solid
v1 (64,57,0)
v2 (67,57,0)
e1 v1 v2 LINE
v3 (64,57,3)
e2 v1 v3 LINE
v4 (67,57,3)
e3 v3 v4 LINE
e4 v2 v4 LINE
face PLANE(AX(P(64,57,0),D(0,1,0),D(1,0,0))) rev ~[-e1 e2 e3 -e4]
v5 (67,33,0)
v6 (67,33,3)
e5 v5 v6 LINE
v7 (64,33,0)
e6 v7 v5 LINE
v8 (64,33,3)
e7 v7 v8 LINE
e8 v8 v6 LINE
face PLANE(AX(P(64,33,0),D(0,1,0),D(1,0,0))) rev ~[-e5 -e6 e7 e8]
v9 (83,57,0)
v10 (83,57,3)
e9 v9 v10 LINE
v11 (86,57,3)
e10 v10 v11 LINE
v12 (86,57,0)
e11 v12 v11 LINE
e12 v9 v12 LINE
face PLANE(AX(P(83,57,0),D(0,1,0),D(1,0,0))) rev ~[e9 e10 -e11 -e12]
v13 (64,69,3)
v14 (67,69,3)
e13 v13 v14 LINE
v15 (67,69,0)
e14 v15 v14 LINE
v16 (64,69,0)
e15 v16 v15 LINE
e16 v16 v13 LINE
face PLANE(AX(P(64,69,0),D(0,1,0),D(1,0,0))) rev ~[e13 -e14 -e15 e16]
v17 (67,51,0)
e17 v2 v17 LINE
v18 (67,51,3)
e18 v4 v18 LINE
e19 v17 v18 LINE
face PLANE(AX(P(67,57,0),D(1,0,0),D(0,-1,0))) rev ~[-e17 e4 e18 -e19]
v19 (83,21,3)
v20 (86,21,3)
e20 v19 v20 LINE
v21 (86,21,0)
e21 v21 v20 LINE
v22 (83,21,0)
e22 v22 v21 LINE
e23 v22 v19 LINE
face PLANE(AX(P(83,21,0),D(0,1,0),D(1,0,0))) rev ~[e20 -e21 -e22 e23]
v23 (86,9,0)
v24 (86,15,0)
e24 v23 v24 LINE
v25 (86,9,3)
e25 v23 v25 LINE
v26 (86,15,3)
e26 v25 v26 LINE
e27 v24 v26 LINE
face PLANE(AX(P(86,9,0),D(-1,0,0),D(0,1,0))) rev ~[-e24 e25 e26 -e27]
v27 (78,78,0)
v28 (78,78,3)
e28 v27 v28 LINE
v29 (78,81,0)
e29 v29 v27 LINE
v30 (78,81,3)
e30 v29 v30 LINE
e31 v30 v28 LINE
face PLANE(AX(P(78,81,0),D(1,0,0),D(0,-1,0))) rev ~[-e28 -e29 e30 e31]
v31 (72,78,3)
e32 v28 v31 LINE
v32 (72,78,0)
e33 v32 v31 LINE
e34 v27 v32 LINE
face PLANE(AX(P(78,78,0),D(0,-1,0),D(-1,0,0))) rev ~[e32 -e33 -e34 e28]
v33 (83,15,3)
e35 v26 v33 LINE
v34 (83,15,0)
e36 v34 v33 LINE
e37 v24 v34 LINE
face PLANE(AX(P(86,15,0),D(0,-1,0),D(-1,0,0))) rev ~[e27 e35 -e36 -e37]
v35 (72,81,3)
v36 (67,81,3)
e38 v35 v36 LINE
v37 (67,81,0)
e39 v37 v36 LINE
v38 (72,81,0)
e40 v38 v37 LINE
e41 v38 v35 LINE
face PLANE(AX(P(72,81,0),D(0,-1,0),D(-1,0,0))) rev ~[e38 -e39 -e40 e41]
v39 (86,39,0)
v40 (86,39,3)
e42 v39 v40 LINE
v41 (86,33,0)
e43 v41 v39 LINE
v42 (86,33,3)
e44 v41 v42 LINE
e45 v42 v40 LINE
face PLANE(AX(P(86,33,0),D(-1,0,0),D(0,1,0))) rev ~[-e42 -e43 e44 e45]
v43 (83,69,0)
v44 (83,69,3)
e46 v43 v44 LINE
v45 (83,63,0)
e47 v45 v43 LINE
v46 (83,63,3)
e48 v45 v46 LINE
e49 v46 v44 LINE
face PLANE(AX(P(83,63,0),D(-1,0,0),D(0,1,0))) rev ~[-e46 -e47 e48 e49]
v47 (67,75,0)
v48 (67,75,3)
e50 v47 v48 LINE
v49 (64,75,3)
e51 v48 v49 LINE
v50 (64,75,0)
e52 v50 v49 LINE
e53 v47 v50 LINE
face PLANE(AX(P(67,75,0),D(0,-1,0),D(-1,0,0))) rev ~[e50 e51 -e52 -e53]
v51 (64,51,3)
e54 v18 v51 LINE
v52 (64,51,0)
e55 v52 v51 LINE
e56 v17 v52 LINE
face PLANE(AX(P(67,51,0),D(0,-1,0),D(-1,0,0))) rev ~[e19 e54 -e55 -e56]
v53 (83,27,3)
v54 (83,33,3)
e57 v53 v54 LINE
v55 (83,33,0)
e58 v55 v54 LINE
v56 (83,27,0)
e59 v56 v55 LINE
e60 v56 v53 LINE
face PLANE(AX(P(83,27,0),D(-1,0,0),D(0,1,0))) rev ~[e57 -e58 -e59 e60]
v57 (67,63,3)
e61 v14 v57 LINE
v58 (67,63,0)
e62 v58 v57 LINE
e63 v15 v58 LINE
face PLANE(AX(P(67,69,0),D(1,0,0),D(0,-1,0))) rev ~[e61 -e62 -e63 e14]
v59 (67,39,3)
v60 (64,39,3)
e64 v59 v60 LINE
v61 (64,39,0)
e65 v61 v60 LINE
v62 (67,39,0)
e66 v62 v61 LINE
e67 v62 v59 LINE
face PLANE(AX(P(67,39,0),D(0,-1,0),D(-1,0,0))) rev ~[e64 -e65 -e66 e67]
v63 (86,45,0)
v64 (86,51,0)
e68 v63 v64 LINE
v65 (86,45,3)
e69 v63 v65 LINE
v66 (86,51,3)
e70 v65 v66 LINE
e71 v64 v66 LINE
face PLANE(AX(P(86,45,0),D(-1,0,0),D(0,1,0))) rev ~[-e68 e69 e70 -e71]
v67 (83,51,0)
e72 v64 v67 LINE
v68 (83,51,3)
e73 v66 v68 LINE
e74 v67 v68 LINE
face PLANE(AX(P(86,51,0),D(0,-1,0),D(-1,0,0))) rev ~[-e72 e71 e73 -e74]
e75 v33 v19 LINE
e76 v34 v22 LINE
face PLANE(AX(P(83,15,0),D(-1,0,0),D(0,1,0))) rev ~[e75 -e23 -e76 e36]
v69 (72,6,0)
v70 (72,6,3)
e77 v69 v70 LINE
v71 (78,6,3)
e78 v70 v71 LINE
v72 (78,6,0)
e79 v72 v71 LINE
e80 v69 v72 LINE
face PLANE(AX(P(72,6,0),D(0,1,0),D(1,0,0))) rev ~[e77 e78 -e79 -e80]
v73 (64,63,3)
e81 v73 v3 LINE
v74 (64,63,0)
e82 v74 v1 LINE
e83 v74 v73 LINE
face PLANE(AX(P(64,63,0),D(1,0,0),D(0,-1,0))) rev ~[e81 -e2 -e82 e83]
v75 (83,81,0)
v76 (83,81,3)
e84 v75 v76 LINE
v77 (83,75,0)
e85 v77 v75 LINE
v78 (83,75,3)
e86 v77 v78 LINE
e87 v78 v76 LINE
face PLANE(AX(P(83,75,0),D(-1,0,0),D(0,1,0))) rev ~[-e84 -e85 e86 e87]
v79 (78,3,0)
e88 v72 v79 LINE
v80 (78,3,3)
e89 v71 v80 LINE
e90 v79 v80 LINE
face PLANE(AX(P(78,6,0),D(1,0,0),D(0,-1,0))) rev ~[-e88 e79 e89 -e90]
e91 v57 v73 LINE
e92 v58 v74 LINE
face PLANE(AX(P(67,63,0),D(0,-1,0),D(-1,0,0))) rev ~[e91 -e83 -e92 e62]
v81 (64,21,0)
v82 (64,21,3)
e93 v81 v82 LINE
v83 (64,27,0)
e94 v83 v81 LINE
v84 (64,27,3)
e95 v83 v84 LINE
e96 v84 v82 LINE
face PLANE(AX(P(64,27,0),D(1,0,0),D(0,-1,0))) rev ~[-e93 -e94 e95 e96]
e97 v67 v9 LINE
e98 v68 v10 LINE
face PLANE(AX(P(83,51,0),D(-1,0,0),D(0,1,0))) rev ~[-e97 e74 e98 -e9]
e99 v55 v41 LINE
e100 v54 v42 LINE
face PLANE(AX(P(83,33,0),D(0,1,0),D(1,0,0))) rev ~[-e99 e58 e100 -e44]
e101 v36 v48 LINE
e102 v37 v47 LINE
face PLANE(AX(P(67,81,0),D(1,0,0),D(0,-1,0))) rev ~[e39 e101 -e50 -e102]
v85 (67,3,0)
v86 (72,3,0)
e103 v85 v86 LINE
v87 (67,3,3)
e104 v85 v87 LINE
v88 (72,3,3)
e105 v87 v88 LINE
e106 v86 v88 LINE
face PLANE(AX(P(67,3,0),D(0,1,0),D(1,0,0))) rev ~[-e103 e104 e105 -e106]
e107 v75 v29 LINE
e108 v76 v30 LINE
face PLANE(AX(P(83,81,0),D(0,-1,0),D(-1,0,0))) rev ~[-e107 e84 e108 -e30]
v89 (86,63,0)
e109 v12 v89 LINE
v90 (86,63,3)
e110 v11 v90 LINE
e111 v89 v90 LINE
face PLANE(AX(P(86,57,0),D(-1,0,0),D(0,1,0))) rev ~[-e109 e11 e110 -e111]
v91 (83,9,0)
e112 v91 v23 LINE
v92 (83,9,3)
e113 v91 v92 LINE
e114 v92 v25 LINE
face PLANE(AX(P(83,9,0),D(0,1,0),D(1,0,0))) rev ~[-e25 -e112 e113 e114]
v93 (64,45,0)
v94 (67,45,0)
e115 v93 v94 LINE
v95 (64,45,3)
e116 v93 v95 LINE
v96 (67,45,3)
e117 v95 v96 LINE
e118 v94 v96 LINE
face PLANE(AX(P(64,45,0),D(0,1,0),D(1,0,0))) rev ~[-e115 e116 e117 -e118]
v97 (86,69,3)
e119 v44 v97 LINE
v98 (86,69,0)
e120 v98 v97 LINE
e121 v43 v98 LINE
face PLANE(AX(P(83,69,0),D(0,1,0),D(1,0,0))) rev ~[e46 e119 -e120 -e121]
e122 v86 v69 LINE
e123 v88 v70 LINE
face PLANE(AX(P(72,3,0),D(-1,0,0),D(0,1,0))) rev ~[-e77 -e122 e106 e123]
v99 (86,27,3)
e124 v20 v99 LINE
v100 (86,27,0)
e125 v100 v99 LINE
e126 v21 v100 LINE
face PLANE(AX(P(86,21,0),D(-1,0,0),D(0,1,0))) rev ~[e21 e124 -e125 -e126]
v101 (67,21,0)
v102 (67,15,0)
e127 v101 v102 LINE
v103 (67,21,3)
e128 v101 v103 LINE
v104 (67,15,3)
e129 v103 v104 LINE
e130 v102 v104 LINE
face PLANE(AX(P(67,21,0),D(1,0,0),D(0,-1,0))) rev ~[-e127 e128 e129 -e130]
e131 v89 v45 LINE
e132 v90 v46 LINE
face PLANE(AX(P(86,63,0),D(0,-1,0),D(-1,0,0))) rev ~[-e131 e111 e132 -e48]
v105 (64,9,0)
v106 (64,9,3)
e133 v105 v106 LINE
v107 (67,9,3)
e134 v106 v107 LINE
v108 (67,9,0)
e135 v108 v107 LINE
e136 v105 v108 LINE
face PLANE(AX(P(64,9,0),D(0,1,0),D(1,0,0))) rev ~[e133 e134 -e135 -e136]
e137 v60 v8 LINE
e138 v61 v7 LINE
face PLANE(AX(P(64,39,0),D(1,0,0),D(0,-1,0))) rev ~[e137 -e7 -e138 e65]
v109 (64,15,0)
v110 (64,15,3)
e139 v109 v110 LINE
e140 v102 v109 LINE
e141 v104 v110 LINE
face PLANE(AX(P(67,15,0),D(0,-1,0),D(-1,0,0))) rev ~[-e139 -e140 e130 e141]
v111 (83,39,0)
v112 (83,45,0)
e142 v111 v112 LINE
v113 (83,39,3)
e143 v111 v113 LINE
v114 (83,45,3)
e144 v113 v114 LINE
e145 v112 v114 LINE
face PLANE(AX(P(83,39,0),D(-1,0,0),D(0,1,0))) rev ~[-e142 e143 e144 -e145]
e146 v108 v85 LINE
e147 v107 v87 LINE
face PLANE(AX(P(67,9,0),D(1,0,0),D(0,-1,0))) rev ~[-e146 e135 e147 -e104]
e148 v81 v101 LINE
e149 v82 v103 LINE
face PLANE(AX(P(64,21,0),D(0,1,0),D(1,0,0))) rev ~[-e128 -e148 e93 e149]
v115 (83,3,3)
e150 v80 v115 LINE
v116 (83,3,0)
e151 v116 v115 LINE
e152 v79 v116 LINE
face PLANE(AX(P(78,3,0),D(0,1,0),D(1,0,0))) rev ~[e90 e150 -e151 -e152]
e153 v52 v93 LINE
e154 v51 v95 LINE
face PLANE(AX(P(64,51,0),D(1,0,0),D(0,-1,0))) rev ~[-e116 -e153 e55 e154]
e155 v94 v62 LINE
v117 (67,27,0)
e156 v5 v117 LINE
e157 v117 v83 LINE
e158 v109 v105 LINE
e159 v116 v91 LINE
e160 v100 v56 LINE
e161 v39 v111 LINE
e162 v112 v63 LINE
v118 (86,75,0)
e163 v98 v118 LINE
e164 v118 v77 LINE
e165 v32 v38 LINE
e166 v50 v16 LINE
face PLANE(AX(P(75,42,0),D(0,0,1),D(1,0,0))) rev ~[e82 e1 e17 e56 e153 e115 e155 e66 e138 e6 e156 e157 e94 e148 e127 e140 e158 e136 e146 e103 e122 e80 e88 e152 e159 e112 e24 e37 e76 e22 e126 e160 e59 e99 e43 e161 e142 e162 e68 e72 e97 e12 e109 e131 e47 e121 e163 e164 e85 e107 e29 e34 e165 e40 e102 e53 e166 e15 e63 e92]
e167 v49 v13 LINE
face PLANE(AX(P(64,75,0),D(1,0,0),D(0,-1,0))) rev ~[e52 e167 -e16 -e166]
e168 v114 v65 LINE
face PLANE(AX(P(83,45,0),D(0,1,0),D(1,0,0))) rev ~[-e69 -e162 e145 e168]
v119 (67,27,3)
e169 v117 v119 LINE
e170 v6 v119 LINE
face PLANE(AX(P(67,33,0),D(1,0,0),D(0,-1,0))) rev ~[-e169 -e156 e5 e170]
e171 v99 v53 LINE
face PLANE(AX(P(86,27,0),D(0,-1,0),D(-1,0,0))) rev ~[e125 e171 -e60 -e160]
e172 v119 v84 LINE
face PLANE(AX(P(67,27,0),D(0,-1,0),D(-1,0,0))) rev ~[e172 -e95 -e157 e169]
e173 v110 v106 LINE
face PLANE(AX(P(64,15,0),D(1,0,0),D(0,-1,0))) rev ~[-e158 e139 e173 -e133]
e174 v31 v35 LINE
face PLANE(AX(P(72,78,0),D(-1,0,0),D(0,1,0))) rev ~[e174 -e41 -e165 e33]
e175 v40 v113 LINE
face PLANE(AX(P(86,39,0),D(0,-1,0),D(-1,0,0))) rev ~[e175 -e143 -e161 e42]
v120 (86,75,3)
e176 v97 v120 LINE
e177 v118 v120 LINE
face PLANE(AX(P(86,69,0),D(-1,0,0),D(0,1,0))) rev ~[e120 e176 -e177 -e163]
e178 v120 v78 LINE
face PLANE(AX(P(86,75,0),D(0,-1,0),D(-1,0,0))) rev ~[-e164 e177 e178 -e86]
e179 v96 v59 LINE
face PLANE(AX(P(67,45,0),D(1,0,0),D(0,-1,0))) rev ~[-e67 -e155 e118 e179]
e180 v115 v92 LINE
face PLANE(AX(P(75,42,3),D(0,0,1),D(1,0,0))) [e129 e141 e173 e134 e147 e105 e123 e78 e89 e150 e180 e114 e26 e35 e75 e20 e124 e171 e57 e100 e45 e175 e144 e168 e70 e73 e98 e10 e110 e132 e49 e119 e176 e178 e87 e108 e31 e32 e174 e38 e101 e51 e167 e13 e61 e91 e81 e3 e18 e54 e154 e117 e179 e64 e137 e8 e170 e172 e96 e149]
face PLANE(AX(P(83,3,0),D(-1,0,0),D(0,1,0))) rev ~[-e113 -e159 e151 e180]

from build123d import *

# Parameters (mm, degrees)
EXTRUDE_1_DEPTH = 3


with BuildPart() as part:
    # 草图2 → 凸台-拉伸1 (new body)
    with BuildSketch(Plane.XY):
        Polygon((67, 81), (67, 75), (64, 75), (64, 69), (67, 69), (67, 63), (64, 63), (64, 57), (67, 57), (67, 51), (64, 51), (64, 45), (67, 45), (67, 39), (64, 39), (64, 33), (67, 33), (67, 27), (64, 27), (64, 21), (67, 21), (67, 15), (64, 15), (64, 9), (67, 9), (67, 3), (72, 3), (72, 6), (78, 6), (78, 3), (83, 3), (83, 9), (86, 9), (86, 15), (83, 15), (83, 21), (86, 21), (86, 27), (83, 27), (83, 33), (86, 33), (86, 39), (83, 39), (83, 45), (86, 45), (86, 51), (83, 51), (83, 57), (86, 57), (86, 63), (83, 63), (83, 69), (86, 69), (86, 75), (83, 75), (83, 81), (78, 81), (78, 78), (72, 78), (72, 81), align=None)
    extrude(amount=EXTRUDE_1_DEPTH)


solid = part.part
